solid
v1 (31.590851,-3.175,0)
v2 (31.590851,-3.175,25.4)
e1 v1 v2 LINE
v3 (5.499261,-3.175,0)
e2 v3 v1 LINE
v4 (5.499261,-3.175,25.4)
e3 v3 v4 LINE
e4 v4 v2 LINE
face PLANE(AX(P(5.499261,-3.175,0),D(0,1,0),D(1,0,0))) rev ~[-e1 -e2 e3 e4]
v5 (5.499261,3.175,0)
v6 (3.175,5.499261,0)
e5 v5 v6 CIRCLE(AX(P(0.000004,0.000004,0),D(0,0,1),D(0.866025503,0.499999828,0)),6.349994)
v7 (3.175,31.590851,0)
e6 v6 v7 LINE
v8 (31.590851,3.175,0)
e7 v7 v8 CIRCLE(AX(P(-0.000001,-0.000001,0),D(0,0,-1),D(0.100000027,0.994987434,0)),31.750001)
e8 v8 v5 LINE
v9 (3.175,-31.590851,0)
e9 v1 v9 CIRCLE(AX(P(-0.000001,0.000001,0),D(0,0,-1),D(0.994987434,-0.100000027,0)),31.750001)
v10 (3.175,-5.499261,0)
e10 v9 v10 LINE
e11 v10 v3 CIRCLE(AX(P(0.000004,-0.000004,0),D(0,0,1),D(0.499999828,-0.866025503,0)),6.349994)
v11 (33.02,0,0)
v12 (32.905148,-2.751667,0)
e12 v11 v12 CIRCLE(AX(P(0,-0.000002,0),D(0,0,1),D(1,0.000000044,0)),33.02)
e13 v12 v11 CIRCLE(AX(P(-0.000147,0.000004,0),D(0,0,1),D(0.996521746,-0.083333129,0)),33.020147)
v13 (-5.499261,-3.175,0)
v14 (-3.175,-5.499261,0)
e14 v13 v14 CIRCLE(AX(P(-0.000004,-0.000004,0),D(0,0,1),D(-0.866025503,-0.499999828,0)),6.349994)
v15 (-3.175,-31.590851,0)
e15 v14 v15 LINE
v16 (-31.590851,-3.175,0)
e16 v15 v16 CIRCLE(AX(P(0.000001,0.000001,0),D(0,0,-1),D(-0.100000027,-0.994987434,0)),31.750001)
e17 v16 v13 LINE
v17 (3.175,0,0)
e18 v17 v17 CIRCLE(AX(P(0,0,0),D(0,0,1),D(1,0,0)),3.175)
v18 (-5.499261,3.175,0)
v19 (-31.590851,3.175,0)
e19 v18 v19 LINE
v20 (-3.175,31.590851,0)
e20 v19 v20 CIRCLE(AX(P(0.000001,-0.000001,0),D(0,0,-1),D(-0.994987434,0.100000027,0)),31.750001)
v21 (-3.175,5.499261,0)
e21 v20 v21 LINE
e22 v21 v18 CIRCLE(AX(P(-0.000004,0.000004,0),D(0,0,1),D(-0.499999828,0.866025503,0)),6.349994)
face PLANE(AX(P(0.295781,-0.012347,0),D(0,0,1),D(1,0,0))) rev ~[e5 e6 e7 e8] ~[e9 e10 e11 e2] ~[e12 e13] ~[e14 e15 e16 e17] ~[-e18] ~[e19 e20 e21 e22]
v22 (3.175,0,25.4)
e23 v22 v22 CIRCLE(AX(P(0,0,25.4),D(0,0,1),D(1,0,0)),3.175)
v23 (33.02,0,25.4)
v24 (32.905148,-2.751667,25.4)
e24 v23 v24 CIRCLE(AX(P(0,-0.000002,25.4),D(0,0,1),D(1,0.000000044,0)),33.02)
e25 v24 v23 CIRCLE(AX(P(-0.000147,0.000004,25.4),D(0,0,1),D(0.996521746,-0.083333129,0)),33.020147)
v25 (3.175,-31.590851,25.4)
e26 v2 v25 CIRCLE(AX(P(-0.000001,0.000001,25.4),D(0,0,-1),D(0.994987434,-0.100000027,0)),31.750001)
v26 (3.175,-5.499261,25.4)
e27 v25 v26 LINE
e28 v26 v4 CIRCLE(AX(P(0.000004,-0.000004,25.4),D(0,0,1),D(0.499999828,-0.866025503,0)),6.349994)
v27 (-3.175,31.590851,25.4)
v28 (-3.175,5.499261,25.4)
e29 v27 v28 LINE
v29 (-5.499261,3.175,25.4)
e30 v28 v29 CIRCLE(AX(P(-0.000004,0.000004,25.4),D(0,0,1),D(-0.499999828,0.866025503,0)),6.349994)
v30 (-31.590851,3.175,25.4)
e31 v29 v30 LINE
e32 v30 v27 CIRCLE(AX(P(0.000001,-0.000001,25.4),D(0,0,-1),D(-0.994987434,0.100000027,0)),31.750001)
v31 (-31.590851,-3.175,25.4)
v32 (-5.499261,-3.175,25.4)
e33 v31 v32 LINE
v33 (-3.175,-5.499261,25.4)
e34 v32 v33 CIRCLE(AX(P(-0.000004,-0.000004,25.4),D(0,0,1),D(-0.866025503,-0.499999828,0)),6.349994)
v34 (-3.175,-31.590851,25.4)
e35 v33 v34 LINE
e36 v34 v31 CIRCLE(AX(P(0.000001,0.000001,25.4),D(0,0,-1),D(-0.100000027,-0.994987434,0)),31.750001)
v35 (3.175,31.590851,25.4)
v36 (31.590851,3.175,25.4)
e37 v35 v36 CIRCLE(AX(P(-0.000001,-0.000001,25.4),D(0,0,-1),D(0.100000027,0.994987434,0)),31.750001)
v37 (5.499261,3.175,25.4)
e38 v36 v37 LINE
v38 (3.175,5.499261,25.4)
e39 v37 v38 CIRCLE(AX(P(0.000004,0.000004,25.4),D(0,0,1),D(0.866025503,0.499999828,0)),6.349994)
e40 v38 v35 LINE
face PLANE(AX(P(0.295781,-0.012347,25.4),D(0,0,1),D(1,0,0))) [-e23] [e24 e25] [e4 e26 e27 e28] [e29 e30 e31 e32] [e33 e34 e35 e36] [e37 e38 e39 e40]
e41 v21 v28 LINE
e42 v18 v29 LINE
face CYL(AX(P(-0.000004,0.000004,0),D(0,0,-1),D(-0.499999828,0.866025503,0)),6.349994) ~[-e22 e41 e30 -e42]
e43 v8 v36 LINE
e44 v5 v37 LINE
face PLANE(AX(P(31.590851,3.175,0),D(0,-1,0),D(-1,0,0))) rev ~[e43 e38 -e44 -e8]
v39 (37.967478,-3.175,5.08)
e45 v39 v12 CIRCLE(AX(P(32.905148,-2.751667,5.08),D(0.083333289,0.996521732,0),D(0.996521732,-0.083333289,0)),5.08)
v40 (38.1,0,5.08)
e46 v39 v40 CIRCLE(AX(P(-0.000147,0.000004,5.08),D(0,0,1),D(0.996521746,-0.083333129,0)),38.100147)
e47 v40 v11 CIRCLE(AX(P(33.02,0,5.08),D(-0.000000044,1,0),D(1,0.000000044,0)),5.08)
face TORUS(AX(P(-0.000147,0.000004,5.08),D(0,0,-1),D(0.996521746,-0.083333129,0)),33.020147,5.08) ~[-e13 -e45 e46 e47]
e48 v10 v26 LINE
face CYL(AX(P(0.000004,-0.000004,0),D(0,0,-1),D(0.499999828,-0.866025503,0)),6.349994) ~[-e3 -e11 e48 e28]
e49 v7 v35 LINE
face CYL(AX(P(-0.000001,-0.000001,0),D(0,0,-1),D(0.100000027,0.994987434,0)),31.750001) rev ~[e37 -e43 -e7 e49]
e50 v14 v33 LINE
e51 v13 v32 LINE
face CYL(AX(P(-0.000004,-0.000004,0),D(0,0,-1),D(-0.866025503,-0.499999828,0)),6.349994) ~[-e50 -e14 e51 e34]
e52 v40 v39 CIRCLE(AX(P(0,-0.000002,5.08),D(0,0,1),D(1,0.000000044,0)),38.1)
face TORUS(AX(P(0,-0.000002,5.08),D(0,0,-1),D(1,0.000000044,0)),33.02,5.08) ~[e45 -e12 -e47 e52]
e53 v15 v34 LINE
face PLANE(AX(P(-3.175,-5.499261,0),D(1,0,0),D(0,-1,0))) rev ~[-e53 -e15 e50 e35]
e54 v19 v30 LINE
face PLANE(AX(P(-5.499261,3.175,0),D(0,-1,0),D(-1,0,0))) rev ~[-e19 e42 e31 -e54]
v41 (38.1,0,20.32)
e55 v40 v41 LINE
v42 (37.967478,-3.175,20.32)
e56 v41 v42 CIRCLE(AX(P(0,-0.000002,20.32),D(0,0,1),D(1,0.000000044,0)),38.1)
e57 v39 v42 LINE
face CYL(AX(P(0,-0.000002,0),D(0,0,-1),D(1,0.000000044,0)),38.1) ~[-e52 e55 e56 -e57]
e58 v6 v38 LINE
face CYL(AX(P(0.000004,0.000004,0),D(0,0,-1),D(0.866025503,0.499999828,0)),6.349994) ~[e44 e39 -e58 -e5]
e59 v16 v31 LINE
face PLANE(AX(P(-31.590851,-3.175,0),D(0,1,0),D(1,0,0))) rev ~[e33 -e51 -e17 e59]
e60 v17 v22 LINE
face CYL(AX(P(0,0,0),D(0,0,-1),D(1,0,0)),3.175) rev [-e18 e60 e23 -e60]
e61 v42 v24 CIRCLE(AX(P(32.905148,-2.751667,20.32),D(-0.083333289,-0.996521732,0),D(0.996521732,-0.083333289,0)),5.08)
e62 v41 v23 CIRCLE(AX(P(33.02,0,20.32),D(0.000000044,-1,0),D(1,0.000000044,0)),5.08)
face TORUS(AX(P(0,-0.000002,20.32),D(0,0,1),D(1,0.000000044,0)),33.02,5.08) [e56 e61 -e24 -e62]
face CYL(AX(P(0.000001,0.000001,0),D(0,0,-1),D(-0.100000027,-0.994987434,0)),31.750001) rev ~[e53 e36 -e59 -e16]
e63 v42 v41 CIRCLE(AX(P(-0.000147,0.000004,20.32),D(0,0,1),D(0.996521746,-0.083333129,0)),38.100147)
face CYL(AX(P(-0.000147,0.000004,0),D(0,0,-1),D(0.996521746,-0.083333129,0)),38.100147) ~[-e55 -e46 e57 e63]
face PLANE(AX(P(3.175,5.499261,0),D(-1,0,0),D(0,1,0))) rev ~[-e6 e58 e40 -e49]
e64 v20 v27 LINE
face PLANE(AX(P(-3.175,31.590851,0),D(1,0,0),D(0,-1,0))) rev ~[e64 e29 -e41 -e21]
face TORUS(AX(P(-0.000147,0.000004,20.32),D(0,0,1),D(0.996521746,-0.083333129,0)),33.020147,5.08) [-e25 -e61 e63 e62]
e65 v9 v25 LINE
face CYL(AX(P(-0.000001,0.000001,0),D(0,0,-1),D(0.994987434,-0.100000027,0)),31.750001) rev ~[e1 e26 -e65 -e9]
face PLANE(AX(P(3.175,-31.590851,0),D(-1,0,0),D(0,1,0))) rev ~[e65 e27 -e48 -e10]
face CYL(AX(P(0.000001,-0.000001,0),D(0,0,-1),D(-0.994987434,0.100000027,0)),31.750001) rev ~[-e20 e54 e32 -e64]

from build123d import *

# Parameters (mm, degrees)
F0_R     = 3.175
F1_DEPTH = 25.4
F2_R     = 5.08


with BuildPart() as f1:
    # F0 (on Top) → F1 (new body)
    with BuildSketch(Plane.XY):
        with BuildLine():
            ThreePointArc((37.967478, -3.175), (38.066855, -1.588882), (38.1, 0))
            ThreePointArc((38.1, 0), (-38.066855, 1.588882), (37.967478, -3.175))
        make_face()
        with BuildLine():
            ThreePointArc((-3.175, -31.590851), (-22.45064, -22.45064), (-31.590851, -3.175))
            Line((-31.590851, -3.175), (-5.499261, -3.175))
            ThreePointArc((-5.499261, -3.175), (-4.490128, -4.490128), (-3.175, -5.499261))
            Line((-3.175, -5.499261), (-3.175, -31.590851))
        make_face(mode=Mode.SUBTRACT)
        with BuildLine():
            ThreePointArc((31.590851, -3.175), (22.45064, -22.45064), (3.175, -31.590851))
            Line((3.175, -31.590851), (3.175, -5.499261))
            ThreePointArc((3.175, -5.499261), (4.490128, -4.490128), (5.499261, -3.175))
            Line((5.499261, -3.175), (31.590851, -3.175))
        make_face(mode=Mode.SUBTRACT)
        with BuildLine():
            Line((-3.175, 31.590851), (-3.175, 5.499261))
            ThreePointArc((-3.175, 5.499261), (-4.490128, 4.490128), (-5.499261, 3.175))
            Line((-5.499261, 3.175), (-31.590851, 3.175))
            ThreePointArc((-31.590851, 3.175), (-22.45064, 22.45064), (-3.175, 31.590851))
        make_face(mode=Mode.SUBTRACT)
        Circle(F0_R, mode=Mode.SUBTRACT)
        with BuildLine():
            ThreePointArc((5.499261, 3.175), (4.490128, 4.490128), (3.175, 5.499261))
            Line((3.175, 5.499261), (3.175, 31.590851))
            ThreePointArc((3.175, 31.590851), (22.45064, 22.45064), (31.590851, 3.175))
            Line((31.590851, 3.175), (5.499261, 3.175))
        make_face(mode=Mode.SUBTRACT)
    extrude(amount=F1_DEPTH)

    # F2
    f2_edges = [f1.edges().sort_by_distance(p)[0] for p in [
        (-37.967478, 3.175, 25.4),
        (-37.967478, 3.175, 0),
    ]]
    fillet(f2_edges, radius=F2_R)


solid = f1.part
